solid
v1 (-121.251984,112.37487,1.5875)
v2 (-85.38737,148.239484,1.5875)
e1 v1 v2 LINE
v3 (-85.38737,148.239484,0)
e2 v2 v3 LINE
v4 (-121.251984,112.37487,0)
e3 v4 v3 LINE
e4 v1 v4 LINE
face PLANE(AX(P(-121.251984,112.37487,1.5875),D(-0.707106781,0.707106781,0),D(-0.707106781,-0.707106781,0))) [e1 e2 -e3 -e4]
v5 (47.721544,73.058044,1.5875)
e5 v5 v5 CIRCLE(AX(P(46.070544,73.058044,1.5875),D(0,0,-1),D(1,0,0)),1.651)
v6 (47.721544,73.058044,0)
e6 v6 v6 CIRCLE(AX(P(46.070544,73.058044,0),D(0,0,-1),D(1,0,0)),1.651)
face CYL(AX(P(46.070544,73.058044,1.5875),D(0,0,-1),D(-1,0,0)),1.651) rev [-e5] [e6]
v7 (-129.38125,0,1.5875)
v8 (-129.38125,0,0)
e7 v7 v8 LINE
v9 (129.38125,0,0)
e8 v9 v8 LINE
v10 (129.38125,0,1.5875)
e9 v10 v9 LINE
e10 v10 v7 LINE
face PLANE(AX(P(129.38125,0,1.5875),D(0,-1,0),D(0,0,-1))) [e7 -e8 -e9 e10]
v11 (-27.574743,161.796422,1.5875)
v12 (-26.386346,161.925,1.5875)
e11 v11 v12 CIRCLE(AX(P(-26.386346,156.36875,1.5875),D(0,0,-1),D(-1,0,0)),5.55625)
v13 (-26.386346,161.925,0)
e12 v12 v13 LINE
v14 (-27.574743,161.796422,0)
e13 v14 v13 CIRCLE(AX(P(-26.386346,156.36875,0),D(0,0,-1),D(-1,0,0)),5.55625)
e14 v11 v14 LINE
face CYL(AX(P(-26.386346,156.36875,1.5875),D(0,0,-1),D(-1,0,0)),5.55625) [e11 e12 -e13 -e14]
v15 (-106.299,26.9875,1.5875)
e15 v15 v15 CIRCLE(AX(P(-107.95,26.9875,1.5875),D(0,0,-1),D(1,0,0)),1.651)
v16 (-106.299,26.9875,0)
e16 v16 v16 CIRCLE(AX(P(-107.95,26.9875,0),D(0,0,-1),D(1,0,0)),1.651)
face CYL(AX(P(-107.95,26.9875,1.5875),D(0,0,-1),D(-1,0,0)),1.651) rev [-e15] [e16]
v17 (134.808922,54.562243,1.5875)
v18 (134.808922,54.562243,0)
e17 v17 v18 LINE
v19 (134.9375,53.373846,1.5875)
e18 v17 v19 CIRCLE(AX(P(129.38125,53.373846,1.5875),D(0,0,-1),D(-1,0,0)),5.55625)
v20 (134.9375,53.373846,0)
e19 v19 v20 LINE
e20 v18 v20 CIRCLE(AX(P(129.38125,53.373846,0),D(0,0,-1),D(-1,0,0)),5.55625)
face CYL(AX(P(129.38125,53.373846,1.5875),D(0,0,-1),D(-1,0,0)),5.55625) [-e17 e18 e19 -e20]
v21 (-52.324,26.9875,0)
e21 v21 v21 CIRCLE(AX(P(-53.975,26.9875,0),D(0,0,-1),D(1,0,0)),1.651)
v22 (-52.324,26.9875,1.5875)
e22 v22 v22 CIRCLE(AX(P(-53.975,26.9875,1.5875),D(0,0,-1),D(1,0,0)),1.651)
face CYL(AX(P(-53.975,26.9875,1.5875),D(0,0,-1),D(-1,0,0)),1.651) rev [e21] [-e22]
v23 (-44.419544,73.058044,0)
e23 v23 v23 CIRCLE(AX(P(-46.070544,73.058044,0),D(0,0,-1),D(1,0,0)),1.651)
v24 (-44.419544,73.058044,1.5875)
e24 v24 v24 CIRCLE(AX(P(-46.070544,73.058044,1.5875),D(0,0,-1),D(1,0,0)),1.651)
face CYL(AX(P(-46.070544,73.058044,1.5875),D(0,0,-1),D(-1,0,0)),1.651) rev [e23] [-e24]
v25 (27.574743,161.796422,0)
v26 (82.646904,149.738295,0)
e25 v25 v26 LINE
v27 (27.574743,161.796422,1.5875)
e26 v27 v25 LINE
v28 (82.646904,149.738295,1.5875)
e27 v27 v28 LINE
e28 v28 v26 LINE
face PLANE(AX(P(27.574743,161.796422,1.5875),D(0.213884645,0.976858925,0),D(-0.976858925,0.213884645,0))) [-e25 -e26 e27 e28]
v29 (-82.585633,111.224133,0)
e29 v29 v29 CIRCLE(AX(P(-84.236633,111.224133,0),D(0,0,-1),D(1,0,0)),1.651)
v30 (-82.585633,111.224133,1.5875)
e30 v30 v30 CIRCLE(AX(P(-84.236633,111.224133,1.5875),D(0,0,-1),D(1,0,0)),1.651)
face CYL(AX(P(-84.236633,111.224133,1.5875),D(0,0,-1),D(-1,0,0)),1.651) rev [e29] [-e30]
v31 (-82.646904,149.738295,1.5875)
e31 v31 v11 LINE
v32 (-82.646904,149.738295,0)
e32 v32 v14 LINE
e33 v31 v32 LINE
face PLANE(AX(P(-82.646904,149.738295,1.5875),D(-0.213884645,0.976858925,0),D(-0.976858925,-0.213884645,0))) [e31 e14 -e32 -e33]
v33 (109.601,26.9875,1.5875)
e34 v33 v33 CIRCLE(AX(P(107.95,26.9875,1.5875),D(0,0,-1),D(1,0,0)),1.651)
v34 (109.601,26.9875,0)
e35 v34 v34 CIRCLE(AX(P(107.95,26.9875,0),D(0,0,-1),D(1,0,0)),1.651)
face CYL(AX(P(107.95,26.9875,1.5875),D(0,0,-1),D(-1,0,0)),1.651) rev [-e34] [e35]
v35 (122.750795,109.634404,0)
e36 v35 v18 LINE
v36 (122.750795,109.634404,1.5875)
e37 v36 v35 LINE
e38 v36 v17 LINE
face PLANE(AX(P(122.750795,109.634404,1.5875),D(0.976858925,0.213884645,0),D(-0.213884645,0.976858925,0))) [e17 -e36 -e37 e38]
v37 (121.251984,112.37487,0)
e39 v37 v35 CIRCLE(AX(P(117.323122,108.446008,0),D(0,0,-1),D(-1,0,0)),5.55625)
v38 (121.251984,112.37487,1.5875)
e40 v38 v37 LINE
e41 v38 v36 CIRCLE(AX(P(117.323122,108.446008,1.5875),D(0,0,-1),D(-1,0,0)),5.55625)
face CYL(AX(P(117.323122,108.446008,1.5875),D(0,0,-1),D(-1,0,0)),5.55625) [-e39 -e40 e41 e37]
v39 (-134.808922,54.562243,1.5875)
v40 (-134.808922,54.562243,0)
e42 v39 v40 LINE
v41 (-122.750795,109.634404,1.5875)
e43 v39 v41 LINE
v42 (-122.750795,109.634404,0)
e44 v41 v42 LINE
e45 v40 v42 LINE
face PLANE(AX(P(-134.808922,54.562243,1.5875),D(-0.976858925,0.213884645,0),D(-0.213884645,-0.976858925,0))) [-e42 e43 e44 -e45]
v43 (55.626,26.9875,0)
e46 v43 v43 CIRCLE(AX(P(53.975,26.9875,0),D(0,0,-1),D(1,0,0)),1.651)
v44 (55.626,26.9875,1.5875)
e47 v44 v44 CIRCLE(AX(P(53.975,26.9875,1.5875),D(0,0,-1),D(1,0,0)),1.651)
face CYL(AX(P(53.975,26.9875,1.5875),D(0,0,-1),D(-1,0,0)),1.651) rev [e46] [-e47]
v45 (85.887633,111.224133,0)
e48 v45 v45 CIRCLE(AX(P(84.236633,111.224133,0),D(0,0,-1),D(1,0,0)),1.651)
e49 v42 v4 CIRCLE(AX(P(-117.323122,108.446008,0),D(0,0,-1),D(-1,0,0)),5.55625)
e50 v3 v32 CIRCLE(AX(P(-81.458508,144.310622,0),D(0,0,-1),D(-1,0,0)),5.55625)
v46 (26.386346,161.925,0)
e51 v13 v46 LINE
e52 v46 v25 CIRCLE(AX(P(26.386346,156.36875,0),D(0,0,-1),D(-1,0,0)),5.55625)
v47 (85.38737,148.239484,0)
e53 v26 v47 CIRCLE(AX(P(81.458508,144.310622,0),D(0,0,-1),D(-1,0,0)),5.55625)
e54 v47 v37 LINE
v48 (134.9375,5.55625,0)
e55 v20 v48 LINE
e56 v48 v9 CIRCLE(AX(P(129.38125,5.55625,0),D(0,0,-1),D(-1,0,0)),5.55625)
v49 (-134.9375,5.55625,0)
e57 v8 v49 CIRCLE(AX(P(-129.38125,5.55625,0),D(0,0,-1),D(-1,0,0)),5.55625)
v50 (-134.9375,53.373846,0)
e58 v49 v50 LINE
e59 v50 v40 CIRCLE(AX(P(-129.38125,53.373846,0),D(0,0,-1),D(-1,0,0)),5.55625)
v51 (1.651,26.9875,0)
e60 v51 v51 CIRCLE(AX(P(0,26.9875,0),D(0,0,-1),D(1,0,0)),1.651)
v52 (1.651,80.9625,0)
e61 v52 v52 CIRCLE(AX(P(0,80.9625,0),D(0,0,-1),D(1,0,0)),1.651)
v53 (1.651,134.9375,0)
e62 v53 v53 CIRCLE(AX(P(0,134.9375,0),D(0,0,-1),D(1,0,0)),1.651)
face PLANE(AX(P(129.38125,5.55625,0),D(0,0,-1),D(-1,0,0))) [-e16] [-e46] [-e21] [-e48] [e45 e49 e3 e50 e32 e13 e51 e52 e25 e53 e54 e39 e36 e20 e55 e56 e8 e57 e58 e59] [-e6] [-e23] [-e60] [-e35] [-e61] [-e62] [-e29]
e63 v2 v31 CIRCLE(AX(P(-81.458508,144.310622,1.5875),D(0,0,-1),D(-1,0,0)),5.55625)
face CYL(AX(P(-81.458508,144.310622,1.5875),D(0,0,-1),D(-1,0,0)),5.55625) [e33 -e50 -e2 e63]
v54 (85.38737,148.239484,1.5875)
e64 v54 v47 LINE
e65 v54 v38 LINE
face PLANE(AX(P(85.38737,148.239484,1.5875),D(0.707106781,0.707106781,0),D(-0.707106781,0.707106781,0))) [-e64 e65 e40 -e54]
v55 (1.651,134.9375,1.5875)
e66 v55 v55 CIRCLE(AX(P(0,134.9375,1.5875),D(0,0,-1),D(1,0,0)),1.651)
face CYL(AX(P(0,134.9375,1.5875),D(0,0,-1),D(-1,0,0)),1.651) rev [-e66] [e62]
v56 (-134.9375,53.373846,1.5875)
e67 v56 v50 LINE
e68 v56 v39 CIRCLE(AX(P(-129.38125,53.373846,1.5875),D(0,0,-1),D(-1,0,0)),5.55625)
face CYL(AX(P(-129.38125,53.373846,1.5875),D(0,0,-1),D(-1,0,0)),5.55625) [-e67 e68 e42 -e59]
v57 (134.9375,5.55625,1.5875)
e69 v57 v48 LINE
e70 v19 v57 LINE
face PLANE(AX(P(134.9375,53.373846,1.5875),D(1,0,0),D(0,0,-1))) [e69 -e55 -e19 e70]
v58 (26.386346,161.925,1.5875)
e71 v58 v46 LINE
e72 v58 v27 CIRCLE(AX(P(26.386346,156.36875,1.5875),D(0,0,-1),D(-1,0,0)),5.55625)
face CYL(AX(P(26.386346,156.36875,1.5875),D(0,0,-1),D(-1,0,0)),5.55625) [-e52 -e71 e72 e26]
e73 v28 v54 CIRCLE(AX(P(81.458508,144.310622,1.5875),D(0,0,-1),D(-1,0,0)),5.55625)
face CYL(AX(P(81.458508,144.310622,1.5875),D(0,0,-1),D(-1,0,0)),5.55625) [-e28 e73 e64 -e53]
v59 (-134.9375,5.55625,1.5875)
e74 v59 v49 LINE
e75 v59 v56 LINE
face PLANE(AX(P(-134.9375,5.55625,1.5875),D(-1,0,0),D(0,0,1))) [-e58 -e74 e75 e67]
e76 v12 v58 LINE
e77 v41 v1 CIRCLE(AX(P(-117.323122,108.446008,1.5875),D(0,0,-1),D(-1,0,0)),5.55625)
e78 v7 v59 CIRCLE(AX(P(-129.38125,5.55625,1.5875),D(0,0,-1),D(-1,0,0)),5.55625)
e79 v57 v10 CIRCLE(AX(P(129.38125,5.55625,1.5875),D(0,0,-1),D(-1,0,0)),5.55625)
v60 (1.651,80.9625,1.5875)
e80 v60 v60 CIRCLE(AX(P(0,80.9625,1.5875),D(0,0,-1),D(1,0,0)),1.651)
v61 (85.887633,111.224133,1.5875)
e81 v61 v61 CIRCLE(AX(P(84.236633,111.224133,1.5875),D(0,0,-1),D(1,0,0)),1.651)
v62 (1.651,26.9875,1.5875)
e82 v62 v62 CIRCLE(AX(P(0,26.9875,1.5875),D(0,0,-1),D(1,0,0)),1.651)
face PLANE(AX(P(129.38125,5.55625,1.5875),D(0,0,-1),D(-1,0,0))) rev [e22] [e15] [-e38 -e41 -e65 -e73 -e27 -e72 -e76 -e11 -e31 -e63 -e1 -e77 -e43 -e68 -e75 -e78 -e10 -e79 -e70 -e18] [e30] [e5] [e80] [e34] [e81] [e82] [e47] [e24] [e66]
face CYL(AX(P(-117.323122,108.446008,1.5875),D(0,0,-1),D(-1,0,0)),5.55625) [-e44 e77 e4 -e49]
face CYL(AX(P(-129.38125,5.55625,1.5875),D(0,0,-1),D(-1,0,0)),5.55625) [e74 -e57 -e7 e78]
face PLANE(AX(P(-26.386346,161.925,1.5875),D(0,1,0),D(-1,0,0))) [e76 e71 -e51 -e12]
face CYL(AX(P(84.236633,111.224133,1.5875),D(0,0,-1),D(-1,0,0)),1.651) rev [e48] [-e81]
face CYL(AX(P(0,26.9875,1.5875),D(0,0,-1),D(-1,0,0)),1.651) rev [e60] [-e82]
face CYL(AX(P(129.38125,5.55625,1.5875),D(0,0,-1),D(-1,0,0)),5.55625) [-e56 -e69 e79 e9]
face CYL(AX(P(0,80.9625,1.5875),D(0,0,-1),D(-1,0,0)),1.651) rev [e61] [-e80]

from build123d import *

# Parameters (mm, degrees)
SKETCH1_R           = 1.651
BOSS_EXTRUDE1_DEPTH = 1.5875


with BuildPart() as part:
    # Sketch1 → Boss-Extrude1 (new body)
    with BuildSketch(Plane(origin=(0, 0, 0), x_dir=(-1, 0, 0), z_dir=(0, 0, -1))):
        with BuildLine():
            Line((-129.38125, 0), (129.38125, 0))
            ThreePointArc((129.38125, 0), (133.310112053, 1.627387947), (134.9375, 5.55625))
            Line((134.9375, 5.55625), (134.9375, 53.373846086))
            ThreePointArc((134.9375, 53.373846086), (134.905262076, 53.971512085), (134.8089224, 54.562242647))
            Line((134.8089224, 54.562242647), (122.750794586, 109.634404323))
            ThreePointArc((122.750794586, 109.634404323), (122.197927005, 111.112127049), (121.251984239, 112.374869817))
            Line((121.251984239, 112.374869817), (85.387369836, 148.239484219))
            ThreePointArc((85.387369836, 148.239484219), (84.124627068, 149.185426985), (82.646904343, 149.738294567))
            Line((82.646904343, 149.738294567), (27.574742607, 161.796422401))
            ThreePointArc((27.574742607, 161.796422401), (26.984012045, 161.892762078), (26.386346045, 161.925000002))
            Line((26.386346045, 161.925000002), (-26.386346022, 161.925000002))
            ThreePointArc((-26.386346022, 161.925000002), (-26.984012021, 161.892762078), (-27.574742583, 161.796422402))
            Line((-27.574742583, 161.796422402), (-82.646904321, 149.738294575))
            ThreePointArc((-82.646904321, 149.738294575), (-84.124627046, 149.185426993), (-85.387369815, 148.239484227))
            Line((-85.387369815, 148.239484227), (-121.251984217, 112.374869825))
            ThreePointArc((-121.251984217, 112.374869825), (-122.197926983, 111.112127057), (-122.750794565, 109.634404332))
            Line((-122.750794565, 109.634404332), (-134.808922399, 54.562242596))
            ThreePointArc((-134.808922399, 54.562242596), (-134.905262076, 53.971512033), (-134.9375, 53.373846033))
            Line((-134.9375, 53.373846033), (-134.9375, 5.55625))
            ThreePointArc((-134.9375, 5.55625), (-133.310112053, 1.627387947), (-129.38125, 0))
        make_face()
        with Locations((-53.975, 26.9875)):
            Circle(SKETCH1_R, mode=Mode.SUBTRACT)
        with Locations((53.975, 26.9875)):
            Circle(SKETCH1_R, mode=Mode.SUBTRACT)
        with Locations((46.070544257, 73.058044257)):
            Circle(SKETCH1_R, mode=Mode.SUBTRACT)
        with Locations((84.236632771, 111.224132771)):
            Circle(SKETCH1_R, mode=Mode.SUBTRACT)
        with Locations((-46.070544257, 73.058044257)):
            Circle(SKETCH1_R, mode=Mode.SUBTRACT)
        with Locations((-84.236632771, 111.224132771)):
            Circle(SKETCH1_R, mode=Mode.SUBTRACT)
        with Locations((-107.95, 26.9875)):
            Circle(SKETCH1_R, mode=Mode.SUBTRACT)
        with Locations((107.95, 26.9875)):
            Circle(SKETCH1_R, mode=Mode.SUBTRACT)
        with Locations((0, 80.9625)):
            Circle(SKETCH1_R, mode=Mode.SUBTRACT)
        with Locations((0, 134.9375)):
            Circle(SKETCH1_R, mode=Mode.SUBTRACT)
        with Locations((0, 26.9875)):
            Circle(SKETCH1_R, mode=Mode.SUBTRACT)
    extrude(amount=-BOSS_EXTRUDE1_DEPTH)


solid = part.part
